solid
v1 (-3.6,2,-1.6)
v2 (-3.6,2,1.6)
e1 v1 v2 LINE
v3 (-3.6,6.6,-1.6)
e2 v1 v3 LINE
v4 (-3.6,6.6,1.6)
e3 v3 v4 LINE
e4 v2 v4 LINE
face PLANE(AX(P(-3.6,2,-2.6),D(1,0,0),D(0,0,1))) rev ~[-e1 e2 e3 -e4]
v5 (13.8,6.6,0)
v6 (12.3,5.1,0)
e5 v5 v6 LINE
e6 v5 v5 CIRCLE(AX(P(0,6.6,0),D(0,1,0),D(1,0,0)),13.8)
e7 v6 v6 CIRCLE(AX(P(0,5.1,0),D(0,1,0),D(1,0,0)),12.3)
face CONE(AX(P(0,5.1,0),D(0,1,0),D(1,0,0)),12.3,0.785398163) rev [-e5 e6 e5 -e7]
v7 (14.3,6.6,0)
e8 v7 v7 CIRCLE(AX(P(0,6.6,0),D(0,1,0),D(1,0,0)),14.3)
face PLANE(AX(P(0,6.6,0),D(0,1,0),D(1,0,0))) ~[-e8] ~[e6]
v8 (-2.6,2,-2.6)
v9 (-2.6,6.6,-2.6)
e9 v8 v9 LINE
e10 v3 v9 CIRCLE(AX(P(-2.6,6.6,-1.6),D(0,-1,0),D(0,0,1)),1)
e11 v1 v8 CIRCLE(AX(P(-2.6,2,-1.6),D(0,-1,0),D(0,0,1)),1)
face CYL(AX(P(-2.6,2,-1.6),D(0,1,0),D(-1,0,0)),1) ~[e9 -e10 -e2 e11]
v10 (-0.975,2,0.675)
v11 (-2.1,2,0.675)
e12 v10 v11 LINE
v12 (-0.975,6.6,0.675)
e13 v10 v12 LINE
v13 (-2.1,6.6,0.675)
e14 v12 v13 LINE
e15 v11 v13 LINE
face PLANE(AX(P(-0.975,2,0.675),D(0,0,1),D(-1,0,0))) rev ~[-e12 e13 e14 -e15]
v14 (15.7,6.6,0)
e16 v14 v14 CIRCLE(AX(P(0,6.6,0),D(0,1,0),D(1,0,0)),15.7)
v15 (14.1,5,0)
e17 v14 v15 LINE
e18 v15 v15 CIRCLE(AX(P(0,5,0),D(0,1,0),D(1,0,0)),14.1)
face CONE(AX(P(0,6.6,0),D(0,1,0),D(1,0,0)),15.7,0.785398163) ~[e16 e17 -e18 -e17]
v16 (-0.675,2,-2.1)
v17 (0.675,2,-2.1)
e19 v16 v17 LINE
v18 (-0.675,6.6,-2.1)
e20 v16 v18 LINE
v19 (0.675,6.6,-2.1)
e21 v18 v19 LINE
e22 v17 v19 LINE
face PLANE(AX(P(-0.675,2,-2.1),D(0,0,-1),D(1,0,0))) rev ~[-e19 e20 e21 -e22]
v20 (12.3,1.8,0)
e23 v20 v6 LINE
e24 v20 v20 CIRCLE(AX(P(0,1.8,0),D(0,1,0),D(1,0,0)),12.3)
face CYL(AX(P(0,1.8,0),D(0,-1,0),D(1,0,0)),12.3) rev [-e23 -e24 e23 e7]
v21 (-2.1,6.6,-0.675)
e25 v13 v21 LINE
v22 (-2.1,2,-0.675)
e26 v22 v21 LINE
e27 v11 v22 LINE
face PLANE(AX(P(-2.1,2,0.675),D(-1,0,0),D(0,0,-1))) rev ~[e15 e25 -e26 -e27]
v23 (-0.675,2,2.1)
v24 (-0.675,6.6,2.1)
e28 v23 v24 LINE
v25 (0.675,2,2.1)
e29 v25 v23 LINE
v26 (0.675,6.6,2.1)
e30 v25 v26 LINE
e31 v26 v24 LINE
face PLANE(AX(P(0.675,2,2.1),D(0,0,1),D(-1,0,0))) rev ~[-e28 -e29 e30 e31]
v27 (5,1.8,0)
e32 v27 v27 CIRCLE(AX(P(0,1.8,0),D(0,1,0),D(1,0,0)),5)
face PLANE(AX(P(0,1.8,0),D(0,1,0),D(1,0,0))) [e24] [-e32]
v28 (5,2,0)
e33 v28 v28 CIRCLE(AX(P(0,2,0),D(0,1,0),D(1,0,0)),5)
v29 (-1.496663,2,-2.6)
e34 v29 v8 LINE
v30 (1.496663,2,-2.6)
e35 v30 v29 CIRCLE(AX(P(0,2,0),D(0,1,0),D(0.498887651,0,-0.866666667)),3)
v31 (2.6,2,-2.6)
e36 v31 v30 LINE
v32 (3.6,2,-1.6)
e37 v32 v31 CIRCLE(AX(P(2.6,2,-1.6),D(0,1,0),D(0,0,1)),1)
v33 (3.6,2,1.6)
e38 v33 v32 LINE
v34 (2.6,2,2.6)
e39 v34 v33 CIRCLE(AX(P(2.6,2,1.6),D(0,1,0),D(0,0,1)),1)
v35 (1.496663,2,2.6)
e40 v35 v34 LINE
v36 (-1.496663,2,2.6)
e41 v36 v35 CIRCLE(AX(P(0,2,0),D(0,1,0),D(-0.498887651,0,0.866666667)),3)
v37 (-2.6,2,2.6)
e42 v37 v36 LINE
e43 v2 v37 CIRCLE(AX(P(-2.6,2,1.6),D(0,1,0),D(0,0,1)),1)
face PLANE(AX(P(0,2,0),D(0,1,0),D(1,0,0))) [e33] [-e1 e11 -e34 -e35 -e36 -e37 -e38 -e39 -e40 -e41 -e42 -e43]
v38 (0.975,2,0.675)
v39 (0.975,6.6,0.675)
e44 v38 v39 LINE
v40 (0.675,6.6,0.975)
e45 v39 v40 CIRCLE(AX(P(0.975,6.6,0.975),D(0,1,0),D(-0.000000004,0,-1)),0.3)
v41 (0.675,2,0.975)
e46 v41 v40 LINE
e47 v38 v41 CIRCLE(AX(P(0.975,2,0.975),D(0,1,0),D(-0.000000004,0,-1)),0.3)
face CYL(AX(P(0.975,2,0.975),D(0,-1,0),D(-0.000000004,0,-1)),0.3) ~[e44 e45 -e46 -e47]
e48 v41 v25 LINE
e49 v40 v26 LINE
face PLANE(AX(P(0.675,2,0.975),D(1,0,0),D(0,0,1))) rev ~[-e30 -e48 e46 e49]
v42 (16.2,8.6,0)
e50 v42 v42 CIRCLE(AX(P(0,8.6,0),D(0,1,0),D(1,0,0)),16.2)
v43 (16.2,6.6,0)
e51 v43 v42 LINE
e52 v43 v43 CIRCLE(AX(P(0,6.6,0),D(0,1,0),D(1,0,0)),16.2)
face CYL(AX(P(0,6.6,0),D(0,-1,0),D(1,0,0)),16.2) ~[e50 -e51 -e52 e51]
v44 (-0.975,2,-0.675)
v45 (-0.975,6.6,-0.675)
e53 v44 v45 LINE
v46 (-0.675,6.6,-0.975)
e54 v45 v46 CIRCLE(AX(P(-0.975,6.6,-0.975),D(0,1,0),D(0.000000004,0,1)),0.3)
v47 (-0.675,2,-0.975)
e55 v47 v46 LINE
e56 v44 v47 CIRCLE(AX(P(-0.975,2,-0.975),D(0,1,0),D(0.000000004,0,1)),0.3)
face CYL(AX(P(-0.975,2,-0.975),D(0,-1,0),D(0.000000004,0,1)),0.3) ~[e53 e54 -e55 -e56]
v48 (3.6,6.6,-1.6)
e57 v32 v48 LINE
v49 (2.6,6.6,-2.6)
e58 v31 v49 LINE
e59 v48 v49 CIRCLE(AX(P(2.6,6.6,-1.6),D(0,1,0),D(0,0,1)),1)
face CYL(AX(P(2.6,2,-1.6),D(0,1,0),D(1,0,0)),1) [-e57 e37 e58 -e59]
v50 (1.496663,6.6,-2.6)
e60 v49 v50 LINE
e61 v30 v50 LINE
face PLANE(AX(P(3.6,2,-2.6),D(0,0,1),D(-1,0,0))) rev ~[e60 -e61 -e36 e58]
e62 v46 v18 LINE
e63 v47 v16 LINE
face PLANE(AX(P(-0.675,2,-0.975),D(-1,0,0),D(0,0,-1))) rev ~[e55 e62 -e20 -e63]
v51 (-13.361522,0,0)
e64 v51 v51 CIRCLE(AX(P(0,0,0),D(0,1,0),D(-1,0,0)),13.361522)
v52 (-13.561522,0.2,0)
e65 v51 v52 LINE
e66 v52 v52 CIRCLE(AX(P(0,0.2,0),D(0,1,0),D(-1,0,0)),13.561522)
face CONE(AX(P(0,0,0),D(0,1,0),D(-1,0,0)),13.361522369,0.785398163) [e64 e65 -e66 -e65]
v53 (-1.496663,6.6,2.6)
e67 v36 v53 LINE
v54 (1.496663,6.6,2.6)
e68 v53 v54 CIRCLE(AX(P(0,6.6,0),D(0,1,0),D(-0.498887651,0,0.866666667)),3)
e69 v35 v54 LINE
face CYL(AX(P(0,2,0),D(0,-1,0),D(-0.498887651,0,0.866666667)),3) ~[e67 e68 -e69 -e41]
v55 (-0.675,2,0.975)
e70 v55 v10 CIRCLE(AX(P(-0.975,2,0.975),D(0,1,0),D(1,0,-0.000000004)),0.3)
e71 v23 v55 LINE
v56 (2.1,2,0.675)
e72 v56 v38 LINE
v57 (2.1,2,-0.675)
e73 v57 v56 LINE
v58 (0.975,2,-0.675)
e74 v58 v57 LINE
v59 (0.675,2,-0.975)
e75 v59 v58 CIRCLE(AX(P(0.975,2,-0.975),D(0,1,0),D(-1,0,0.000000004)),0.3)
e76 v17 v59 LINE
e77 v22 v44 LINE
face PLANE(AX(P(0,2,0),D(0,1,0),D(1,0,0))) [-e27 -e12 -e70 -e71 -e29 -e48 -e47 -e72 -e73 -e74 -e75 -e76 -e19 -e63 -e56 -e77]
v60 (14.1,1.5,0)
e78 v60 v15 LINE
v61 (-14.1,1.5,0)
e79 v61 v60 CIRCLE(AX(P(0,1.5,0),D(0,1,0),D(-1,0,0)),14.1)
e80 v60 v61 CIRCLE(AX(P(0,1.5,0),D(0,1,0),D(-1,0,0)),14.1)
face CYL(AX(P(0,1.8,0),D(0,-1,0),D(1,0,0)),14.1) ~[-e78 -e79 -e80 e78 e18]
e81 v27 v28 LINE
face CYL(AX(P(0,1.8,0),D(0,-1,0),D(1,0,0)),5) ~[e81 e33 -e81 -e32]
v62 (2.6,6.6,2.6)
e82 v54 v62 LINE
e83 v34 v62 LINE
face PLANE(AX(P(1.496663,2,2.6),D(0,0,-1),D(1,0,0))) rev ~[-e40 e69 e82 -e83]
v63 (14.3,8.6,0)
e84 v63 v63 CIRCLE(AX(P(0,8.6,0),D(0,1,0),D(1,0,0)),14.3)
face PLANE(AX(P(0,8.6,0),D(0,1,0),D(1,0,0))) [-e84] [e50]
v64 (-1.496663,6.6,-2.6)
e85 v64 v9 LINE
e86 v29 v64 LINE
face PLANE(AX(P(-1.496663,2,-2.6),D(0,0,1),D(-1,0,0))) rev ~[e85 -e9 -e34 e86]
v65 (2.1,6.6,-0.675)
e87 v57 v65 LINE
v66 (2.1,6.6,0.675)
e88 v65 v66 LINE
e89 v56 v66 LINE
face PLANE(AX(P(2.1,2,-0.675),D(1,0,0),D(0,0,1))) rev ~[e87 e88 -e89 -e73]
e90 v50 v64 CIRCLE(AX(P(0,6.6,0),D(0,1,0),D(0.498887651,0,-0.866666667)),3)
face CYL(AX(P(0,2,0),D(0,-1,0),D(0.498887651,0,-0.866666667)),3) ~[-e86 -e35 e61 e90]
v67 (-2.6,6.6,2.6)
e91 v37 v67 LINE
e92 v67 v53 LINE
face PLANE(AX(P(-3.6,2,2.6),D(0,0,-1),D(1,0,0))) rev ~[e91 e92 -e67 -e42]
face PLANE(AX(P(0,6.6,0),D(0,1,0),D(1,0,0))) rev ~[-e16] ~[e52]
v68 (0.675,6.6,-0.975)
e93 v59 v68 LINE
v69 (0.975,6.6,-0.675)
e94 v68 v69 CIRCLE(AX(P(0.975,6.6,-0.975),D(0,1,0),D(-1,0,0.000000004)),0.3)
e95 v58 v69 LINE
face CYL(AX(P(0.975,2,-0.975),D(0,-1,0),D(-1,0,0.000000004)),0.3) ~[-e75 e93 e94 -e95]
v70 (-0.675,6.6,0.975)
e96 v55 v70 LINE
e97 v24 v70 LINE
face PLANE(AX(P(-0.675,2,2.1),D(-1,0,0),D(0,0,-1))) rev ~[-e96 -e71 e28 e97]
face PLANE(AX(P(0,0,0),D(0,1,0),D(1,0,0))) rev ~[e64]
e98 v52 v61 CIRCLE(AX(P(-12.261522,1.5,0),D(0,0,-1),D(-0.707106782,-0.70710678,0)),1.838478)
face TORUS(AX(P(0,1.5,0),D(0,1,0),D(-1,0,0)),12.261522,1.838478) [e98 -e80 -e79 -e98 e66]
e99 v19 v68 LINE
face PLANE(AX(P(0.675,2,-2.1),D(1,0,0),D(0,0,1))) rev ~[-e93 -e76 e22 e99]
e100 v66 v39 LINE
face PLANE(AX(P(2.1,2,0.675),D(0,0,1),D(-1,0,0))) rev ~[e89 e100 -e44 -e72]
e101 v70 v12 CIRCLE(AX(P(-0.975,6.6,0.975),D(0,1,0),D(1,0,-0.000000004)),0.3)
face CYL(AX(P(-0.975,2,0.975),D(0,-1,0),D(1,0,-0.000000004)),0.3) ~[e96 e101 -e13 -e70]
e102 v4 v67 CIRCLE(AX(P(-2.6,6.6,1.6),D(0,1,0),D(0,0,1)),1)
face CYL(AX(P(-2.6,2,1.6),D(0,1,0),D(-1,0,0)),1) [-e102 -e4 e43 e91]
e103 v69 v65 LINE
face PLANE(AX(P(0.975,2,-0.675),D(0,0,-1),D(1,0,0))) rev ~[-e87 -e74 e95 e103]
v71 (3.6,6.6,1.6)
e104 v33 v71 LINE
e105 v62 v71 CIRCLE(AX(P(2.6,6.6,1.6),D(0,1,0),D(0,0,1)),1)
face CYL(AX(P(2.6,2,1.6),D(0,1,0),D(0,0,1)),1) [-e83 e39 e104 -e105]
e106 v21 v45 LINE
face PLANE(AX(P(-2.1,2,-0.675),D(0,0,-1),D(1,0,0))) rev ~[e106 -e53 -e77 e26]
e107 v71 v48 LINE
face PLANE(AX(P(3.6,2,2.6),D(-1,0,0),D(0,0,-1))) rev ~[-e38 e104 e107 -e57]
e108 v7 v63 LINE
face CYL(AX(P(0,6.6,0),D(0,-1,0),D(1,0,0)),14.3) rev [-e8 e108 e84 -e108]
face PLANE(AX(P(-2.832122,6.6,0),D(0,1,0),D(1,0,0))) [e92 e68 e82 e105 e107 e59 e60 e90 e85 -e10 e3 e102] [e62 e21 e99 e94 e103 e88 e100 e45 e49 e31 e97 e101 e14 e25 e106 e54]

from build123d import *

# Parameters (mm, degrees)
SKETCH1_R           = 14.1
BUTTON_TOP_DEPTH    = 1.8
SKETCH2_R           = 14.1
SKETCH2_R_2         = 12.3
BUTTON_WALLS_DEPTH  = 4.8
SKETCH5_R           = 5
OFFSET_2_DEPTH      = 0.2
STEM_START          = 0.2
STEM_HOUSING_DEPTH  = 4.6
CHAMFER1_SIZE       = 1.5
FILLET2_R           = 1
SKETCH8_R           = 16.2
SKETCH8_R_2         = 14.3
BOSS_EXTRUDE1_DEPTH = 2


with BuildPart() as part:
    # Sketch1 → button top (new body)
    with BuildSketch(Plane(origin=(0, 0, 0), x_dir=(1, 0, 0), z_dir=(0, 1, 0))):
        Circle(SKETCH1_R)
    extrude(amount=BUTTON_TOP_DEPTH)

    # Sketch2 → button walls (add)
    with BuildSketch(Plane(origin=(0, 1.8, 0), x_dir=(1, 0, 0), z_dir=(0, 1, 0))):
        Circle(SKETCH2_R)
        Circle(SKETCH2_R_2, mode=Mode.SUBTRACT)
    extrude(amount=BUTTON_WALLS_DEPTH)

    # Sketch5 → offset 2 (add)
    with BuildSketch(Plane(origin=(0, 1.8, 0), x_dir=(1, 0, 0), z_dir=(0, 1, 0))):
        Circle(SKETCH5_R)
    extrude(amount=OFFSET_2_DEPTH)

    # Sketch3 → stem housing (add)
    with BuildSketch(Plane(origin=(0, 1.8, 0), x_dir=(1, 0, 0), z_dir=(0, 1, 0)).offset(STEM_START)):
        with BuildLine():
            Line((-3.6, 2.6), (-3.6, -2.6))
            Line((-3.6, -2.6), (-1.496662955, -2.6))
            ThreePointArc((-1.496662955, -2.6), (-3, 0), (-1.496662955, 2.6))
            Line((-1.496662955, 2.6), (-3.6, 2.6))
        make_face()
        with BuildLine():
            ThreePointArc((-1.496662955, 2.6), (-3, 0), (-1.496662955, -2.6))
            Line((-1.496662955, -2.6), (1.496662955, -2.6))
            ThreePointArc((1.496662955, -2.6), (2.597112711, -1.501667596), (3, 0))
            ThreePointArc((3, 0), (2.597112711, 1.501667596), (1.496662955, 2.6))
            Line((1.496662955, 2.6), (-1.496662955, 2.6))
        make_face()
        with BuildLine():
            ThreePointArc((-0.975, 0.675), (-0.762867966, 0.762867966), (-0.675, 0.975))
            Line((-0.675, 0.975), (-0.675, 2.1))
            Line((-0.675, 2.1), (0.675, 2.1))
            Line((0.675, 2.1), (0.675, 0.975))
            ThreePointArc((0.675, 0.975), (0.762867966, 0.762867966), (0.975, 0.675))
            Line((0.975, 0.675), (2.1, 0.675))
            Line((2.1, 0.675), (2.1, -0.675))
            Line((2.1, -0.675), (0.975, -0.675))
            ThreePointArc((0.975, -0.675), (0.762867966, -0.762867966), (0.675, -0.975))
            Line((0.675, -0.975), (0.675, -2.1))
            Line((0.675, -2.1), (-0.675, -2.1))
            Line((-0.675, -2.1), (-0.675, -0.975))
            ThreePointArc((-0.675, -0.975), (-0.762867966, -0.762867966), (-0.975, -0.675))
            Line((-0.975, -0.675), (-2.1, -0.675))
            Line((-2.1, -0.675), (-2.1, 0.675))
            Line((-2.1, 0.675), (-0.975, 0.675))
        make_face(mode=Mode.SUBTRACT)
        with BuildLine():
            ThreePointArc((3, 0), (2.597112711, -1.501667596), (1.496662955, -2.6))
            Line((1.496662955, -2.6), (3.6, -2.6))
            Line((3.6, -2.6), (3.6, 2.6))
            Line((3.6, 2.6), (1.496662955, 2.6))
            ThreePointArc((1.496662955, 2.6), (2.597112711, 1.501667596), (3, 0))
        make_face()
        with BuildLine():
            ThreePointArc((1.496662955, 2.6), (0, 3), (-1.496662955, 2.6))
            Line((-1.496662955, 2.6), (1.496662955, 2.6))
        make_face()
        with BuildLine():
            Line((1.496662955, -2.6), (-1.496662955, -2.6))
            ThreePointArc((-1.496662955, -2.6), (0, -3), (1.496662955, -2.6))
        make_face()
    extrude(amount=STEM_HOUSING_DEPTH)

    # Chamfer1
    chamfer1_edges = [part.edges().sort_by_distance(p)[0] for p in [
        (-12.3, 6.6, 0),
    ]]
    chamfer(chamfer1_edges, length=CHAMFER1_SIZE)

    # Fillet2
    fillet2_edges = [part.edges().sort_by_distance(p)[0] for p in [
        (-3.6, 4.3, -2.6),
        (-3.6, 4.3, 2.6),
        (3.6, 4.3, 2.6),
        (3.6, 4.3, -2.6),
    ]]
    fillet(fillet2_edges, radius=FILLET2_R)

    # Sketch6 → Cut-Revolve1 (revolve, cut)
    with BuildSketch(Plane.XY):
        with BuildLine():
            Line((-13.361522369, 0), (-13.561522369, 0.2))
            ThreePointArc((-13.561522369, 0.2), (-13.960054223, 0.79644507), (-14.1, 1.5))
            Line((-14.1, 1.5), (-14.1, 0))
            Line((-14.1, 0), (-13.361522369, 0))
        make_face()
    revolve(axis=Axis((0, 0, 0), (0, 1, 0)), mode=Mode.SUBTRACT)

    # Sketch7 → Revolve1 (revolve)
    with BuildSketch(Plane.XY):
        Polygon((14.1, 6.6), (15.7, 6.6), (14.1, 5), align=None)
    revolve(axis=Axis((0, 0, 0), (0, 1, 0)))

    # Sketch8 → Boss-Extrude1 (add)
    with BuildSketch(Plane(origin=(0, 6.6, 0), x_dir=(1, 0, 0), z_dir=(0, 1, 0))):
        Circle(SKETCH8_R)
        Circle(SKETCH8_R_2, mode=Mode.SUBTRACT)
    extrude(amount=BOSS_EXTRUDE1_DEPTH)


solid = part.part
